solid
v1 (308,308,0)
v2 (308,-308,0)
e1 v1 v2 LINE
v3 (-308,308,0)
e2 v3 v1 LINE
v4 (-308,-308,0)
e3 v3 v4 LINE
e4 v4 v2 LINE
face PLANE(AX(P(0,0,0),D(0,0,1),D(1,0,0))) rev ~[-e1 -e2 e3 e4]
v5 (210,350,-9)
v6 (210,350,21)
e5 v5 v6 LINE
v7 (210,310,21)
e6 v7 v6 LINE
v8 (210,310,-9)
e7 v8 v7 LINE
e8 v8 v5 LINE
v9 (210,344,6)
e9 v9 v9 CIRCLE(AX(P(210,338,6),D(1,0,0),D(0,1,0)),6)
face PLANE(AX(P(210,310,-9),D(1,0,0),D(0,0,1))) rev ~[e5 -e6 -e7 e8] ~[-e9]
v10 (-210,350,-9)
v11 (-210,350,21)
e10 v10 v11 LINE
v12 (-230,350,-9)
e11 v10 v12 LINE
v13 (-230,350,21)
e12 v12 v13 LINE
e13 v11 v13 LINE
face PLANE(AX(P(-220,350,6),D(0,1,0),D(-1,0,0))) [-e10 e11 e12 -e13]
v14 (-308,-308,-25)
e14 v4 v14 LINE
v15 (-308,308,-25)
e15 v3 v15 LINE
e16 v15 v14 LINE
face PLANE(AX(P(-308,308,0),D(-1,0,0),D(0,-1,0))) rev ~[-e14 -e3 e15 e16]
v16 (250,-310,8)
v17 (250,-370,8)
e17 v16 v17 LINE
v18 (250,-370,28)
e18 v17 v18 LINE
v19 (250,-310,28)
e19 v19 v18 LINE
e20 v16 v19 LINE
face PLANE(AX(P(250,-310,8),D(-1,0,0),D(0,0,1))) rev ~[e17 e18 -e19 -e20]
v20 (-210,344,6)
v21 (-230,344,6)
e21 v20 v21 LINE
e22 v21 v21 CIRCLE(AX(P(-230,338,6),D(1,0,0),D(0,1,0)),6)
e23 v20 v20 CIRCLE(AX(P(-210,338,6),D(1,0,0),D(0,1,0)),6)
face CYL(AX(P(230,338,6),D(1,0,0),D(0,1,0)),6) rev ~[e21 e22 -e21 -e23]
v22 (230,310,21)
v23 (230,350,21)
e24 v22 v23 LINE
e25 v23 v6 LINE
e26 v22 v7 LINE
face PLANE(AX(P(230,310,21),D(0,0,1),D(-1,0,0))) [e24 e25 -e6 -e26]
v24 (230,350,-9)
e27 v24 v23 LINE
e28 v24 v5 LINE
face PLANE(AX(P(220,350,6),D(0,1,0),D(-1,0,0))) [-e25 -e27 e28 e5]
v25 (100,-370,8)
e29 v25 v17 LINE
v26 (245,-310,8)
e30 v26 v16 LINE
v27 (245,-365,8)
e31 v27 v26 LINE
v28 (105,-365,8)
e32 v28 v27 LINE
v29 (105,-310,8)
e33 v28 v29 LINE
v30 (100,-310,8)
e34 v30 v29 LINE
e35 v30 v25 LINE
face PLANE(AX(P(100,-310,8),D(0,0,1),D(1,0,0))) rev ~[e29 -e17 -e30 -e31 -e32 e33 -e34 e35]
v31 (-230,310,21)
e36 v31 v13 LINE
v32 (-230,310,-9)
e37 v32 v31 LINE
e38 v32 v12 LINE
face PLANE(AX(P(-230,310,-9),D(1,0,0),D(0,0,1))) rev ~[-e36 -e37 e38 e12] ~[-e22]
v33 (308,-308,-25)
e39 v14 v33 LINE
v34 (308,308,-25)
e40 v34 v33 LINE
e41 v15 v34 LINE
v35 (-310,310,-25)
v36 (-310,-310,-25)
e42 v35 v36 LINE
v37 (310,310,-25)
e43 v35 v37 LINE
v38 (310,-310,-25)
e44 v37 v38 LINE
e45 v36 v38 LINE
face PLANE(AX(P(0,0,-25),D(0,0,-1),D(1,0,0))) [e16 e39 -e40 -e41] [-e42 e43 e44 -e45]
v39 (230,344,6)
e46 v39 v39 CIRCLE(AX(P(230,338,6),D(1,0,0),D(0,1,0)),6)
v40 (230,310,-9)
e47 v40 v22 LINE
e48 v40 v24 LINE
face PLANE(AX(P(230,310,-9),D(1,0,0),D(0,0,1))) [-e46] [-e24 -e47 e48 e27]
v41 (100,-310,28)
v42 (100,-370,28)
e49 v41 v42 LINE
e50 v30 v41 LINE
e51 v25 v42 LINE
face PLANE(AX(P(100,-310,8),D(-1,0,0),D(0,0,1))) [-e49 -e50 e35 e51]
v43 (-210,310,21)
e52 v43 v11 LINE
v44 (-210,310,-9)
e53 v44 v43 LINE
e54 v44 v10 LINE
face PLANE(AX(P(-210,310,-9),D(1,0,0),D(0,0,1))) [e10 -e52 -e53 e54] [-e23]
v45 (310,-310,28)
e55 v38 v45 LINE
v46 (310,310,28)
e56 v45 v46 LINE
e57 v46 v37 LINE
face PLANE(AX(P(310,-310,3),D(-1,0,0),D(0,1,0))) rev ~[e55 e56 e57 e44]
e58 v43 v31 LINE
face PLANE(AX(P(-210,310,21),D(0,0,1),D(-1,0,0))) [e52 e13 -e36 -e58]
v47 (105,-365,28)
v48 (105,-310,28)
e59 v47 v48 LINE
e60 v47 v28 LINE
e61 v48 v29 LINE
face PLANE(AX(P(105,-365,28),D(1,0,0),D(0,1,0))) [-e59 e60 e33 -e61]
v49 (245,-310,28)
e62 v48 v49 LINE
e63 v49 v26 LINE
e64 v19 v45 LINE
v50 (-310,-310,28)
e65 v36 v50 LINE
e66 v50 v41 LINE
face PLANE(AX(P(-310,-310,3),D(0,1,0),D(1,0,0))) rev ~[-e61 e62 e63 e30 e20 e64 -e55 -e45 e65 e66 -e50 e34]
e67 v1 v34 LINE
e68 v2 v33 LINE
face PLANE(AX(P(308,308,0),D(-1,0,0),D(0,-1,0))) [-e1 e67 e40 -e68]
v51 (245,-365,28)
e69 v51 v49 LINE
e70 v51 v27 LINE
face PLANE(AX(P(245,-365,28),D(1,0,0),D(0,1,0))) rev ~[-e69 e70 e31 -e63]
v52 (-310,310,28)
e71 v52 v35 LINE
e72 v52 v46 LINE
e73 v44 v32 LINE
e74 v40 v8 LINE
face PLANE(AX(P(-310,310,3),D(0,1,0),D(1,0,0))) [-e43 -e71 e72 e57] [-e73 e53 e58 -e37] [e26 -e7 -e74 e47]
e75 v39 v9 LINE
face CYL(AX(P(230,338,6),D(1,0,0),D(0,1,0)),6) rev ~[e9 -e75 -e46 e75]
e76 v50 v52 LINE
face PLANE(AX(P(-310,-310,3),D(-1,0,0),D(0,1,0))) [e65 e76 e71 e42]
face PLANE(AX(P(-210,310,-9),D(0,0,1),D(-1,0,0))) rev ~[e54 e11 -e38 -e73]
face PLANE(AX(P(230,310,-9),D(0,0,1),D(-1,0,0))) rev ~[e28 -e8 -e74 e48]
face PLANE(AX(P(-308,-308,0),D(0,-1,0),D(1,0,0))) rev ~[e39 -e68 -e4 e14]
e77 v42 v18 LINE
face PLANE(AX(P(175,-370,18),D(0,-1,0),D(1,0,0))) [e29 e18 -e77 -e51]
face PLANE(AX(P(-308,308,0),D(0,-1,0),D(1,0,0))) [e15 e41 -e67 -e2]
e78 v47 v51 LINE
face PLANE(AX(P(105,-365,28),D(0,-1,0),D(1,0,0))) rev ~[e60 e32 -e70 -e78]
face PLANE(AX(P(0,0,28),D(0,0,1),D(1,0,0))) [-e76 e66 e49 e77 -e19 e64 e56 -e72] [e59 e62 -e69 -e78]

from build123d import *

# Parameters (mm, degrees)
F0_W      = 620
F0_H      = 620
F1_DEPTH  = 3
F2_W      = 620
F2_H      = 620
F2_W_2    = 616
F2_H_2    = 616
F3_DEPTH  = 25
F4_DEPTH  = 25
F5_W      = 150
F5_H      = 20
F6_DEPTH  = 60
F7_W      = 140
F7_H      = 55
F8_DEPTH  = 25
F9_W      = 20
F9_H      = 30
F10_DEPTH = 40
F11_R     = 6
F12_DEPTH = 540.001


with BuildPart() as f1:
    # F0 (on Top) → F1 (new body)
    with BuildSketch(Plane.XY):
        Rectangle(F0_W, F0_H)
    extrude(amount=F1_DEPTH)

    # F2 (on face) → F3 (join)
    with BuildSketch(Plane(origin=(0, 0, 0), x_dir=(1, 0, 0), z_dir=(0, 0, -1))):
        Rectangle(F2_W, F2_H)
        Rectangle(F2_W_2, F2_H_2, mode=Mode.SUBTRACT)
    extrude(amount=F3_DEPTH)

    # F4 (add): a face of the model
    f4_faces = [f1.faces().sort_by_distance(p)[0] for p in [
        (0, 0, 3),
    ]]
    extrude(f4_faces, amount=F4_DEPTH)

    # F5 (on face) → F6 (join)
    with BuildSketch(Plane.XZ.offset(310)):
        with Locations((175, 18)):
            Rectangle(F5_W, F5_H)
    extrude(amount=F6_DEPTH)

    # F7 (on face) → F8 (cut)
    with BuildSketch(Plane.XY.offset(28)):
        with Locations((175, -337.5)):
            Rectangle(F7_W, F7_H)
    extrude(amount=-F8_DEPTH, mode=Mode.SUBTRACT)

    # F9 (on face) → F10 (join)
    with BuildSketch(Plane(origin=(0, 310, 0), x_dir=(-1, 0, 0), z_dir=(0, 1, 0))):
        with Locations((220, 6)):
            Rectangle(F9_W, F9_H)
        with Locations((-220, 6)):
            Rectangle(F9_W, F9_H)
    extrude(amount=F10_DEPTH)

    # F11 (on face) → F12 (cut, through all)
    with BuildSketch(Plane.YZ.offset(230)):
        with Locations((338, 6)):
            Circle(F11_R)
    extrude(amount=-F12_DEPTH, mode=Mode.SUBTRACT)


solid = f1.part
